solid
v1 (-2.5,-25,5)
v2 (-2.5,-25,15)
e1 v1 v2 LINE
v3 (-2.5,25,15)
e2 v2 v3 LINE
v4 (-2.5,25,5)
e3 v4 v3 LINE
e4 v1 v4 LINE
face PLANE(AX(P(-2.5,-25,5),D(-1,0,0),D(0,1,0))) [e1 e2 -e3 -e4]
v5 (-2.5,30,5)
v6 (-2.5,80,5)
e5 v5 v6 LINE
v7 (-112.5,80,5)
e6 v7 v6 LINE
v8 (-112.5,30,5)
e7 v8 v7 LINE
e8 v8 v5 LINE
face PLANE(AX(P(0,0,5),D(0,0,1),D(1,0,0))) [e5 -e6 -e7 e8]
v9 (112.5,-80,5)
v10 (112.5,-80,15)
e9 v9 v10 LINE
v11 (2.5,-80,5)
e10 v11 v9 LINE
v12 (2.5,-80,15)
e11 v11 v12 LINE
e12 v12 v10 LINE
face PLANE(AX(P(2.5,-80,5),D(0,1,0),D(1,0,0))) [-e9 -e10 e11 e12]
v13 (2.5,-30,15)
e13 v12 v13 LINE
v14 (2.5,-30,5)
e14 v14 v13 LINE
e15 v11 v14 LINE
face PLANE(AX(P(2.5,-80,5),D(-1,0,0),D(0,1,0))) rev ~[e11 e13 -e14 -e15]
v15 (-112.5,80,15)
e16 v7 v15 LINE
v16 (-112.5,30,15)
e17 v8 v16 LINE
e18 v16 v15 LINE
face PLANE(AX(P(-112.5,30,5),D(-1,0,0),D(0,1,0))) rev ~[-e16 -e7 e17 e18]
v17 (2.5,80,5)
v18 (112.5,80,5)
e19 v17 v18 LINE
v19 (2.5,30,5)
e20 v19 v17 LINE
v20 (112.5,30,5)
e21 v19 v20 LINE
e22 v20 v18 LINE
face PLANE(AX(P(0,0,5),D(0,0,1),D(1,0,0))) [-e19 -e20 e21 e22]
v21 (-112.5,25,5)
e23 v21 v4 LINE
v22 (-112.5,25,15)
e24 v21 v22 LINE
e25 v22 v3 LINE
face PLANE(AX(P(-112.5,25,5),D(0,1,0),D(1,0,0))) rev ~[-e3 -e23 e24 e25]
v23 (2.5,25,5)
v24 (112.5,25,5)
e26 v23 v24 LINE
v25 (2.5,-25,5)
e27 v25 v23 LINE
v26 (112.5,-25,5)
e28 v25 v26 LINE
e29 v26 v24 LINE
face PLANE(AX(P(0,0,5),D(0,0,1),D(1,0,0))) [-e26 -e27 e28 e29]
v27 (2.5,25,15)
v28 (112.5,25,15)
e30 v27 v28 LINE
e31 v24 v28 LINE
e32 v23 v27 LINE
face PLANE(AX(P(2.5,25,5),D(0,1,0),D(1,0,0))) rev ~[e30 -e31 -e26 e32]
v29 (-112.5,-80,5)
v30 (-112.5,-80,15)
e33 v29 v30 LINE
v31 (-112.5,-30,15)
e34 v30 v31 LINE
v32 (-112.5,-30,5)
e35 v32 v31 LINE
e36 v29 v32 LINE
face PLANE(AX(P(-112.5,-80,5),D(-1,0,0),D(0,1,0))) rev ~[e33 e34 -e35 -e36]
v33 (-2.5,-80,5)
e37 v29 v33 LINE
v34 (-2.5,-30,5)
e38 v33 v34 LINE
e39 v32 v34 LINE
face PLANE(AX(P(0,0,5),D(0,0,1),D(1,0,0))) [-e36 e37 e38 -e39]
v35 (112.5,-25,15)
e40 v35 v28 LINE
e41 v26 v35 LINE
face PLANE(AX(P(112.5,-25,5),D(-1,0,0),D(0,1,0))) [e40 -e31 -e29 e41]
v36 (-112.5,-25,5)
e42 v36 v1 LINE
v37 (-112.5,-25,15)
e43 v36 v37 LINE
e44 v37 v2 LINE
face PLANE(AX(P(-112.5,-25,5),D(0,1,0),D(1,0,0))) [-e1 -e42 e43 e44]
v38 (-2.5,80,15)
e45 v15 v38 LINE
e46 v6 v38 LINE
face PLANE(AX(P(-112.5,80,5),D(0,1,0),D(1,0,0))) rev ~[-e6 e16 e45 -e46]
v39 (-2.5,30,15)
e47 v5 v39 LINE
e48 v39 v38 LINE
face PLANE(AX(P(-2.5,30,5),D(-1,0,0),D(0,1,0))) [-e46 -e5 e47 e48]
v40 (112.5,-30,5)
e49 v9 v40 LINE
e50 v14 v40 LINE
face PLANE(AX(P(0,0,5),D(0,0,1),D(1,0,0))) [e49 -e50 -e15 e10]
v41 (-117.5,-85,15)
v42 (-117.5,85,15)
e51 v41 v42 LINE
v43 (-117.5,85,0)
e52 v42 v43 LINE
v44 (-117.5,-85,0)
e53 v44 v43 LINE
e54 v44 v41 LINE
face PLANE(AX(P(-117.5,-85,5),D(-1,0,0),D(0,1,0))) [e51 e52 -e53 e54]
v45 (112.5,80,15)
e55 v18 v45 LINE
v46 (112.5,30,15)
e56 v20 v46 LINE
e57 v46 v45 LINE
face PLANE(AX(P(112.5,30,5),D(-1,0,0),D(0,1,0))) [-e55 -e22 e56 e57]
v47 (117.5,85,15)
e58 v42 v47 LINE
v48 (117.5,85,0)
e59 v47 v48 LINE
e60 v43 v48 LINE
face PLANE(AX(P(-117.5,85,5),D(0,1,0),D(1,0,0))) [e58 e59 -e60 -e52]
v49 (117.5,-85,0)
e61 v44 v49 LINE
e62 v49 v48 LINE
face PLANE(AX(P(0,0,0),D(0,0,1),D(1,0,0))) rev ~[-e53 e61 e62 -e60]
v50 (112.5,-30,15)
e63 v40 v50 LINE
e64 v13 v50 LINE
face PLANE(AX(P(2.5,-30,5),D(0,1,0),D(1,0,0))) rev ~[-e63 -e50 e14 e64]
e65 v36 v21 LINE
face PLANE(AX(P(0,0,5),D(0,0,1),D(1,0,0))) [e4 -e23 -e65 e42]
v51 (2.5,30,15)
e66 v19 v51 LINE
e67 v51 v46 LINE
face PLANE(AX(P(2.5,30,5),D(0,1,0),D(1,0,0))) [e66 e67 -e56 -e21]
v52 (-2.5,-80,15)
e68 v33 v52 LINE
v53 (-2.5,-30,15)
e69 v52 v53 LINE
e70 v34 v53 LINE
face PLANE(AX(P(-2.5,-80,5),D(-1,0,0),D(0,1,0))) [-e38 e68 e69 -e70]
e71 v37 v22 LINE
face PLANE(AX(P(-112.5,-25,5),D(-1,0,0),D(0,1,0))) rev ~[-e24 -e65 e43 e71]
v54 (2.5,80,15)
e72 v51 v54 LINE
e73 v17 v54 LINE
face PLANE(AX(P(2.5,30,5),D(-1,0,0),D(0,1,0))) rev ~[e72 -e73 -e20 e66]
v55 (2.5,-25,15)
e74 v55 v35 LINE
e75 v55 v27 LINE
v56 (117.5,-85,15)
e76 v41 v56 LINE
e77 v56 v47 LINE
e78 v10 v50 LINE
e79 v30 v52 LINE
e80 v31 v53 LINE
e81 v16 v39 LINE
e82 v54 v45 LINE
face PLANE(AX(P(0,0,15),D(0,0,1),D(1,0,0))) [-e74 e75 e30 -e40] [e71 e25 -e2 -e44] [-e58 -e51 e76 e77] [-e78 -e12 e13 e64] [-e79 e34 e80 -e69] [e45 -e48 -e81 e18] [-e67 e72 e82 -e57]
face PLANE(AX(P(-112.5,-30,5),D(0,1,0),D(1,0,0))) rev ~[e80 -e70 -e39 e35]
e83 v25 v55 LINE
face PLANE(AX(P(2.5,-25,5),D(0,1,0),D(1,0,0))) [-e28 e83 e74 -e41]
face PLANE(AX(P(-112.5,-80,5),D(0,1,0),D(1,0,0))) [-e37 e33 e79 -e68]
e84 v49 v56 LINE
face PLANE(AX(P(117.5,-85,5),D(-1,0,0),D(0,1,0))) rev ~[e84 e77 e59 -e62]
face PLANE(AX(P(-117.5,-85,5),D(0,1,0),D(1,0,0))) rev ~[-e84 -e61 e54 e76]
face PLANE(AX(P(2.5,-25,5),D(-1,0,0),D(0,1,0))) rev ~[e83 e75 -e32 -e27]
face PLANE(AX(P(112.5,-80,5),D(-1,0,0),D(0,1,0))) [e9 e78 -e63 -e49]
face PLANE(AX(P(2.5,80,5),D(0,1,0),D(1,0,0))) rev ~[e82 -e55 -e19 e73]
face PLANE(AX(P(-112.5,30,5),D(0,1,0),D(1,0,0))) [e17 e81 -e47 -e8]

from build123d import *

# Parameters (mm, degrees)
F0_W     = 235
F0_H     = 170
F1_DEPTH = 5
F2_W     = 235
F2_H     = 170
F2_W_2   = 110
F2_H_2   = 50
F3_DEPTH = 10


with BuildPart() as f1:
    # F0 (on Top) → F1 (new body)
    with BuildSketch(Plane.XY):
        Rectangle(F0_W, F0_H)
    extrude(amount=F1_DEPTH)

    # F2 (on face) → F3 (join)
    with BuildSketch(Plane.XY.offset(5)):
        Rectangle(F2_W, F2_H)
        with Locations((-57.5, -55)):
            Rectangle(F2_W_2, F2_H_2, mode=Mode.SUBTRACT)
        with Locations((57.5, -55)):
            Rectangle(F2_W_2, F2_H_2, mode=Mode.SUBTRACT)
        with Locations((-57.5, 0)):
            Rectangle(F2_W_2, F2_H_2, mode=Mode.SUBTRACT)
        with Locations((-57.5, 55)):
            Rectangle(F2_W_2, F2_H_2, mode=Mode.SUBTRACT)
        with Locations((57.5, 0)):
            Rectangle(F2_W_2, F2_H_2, mode=Mode.SUBTRACT)
        with Locations((57.5, 55)):
            Rectangle(F2_W_2, F2_H_2, mode=Mode.SUBTRACT)
    extrude(amount=F3_DEPTH)


solid = f1.part
